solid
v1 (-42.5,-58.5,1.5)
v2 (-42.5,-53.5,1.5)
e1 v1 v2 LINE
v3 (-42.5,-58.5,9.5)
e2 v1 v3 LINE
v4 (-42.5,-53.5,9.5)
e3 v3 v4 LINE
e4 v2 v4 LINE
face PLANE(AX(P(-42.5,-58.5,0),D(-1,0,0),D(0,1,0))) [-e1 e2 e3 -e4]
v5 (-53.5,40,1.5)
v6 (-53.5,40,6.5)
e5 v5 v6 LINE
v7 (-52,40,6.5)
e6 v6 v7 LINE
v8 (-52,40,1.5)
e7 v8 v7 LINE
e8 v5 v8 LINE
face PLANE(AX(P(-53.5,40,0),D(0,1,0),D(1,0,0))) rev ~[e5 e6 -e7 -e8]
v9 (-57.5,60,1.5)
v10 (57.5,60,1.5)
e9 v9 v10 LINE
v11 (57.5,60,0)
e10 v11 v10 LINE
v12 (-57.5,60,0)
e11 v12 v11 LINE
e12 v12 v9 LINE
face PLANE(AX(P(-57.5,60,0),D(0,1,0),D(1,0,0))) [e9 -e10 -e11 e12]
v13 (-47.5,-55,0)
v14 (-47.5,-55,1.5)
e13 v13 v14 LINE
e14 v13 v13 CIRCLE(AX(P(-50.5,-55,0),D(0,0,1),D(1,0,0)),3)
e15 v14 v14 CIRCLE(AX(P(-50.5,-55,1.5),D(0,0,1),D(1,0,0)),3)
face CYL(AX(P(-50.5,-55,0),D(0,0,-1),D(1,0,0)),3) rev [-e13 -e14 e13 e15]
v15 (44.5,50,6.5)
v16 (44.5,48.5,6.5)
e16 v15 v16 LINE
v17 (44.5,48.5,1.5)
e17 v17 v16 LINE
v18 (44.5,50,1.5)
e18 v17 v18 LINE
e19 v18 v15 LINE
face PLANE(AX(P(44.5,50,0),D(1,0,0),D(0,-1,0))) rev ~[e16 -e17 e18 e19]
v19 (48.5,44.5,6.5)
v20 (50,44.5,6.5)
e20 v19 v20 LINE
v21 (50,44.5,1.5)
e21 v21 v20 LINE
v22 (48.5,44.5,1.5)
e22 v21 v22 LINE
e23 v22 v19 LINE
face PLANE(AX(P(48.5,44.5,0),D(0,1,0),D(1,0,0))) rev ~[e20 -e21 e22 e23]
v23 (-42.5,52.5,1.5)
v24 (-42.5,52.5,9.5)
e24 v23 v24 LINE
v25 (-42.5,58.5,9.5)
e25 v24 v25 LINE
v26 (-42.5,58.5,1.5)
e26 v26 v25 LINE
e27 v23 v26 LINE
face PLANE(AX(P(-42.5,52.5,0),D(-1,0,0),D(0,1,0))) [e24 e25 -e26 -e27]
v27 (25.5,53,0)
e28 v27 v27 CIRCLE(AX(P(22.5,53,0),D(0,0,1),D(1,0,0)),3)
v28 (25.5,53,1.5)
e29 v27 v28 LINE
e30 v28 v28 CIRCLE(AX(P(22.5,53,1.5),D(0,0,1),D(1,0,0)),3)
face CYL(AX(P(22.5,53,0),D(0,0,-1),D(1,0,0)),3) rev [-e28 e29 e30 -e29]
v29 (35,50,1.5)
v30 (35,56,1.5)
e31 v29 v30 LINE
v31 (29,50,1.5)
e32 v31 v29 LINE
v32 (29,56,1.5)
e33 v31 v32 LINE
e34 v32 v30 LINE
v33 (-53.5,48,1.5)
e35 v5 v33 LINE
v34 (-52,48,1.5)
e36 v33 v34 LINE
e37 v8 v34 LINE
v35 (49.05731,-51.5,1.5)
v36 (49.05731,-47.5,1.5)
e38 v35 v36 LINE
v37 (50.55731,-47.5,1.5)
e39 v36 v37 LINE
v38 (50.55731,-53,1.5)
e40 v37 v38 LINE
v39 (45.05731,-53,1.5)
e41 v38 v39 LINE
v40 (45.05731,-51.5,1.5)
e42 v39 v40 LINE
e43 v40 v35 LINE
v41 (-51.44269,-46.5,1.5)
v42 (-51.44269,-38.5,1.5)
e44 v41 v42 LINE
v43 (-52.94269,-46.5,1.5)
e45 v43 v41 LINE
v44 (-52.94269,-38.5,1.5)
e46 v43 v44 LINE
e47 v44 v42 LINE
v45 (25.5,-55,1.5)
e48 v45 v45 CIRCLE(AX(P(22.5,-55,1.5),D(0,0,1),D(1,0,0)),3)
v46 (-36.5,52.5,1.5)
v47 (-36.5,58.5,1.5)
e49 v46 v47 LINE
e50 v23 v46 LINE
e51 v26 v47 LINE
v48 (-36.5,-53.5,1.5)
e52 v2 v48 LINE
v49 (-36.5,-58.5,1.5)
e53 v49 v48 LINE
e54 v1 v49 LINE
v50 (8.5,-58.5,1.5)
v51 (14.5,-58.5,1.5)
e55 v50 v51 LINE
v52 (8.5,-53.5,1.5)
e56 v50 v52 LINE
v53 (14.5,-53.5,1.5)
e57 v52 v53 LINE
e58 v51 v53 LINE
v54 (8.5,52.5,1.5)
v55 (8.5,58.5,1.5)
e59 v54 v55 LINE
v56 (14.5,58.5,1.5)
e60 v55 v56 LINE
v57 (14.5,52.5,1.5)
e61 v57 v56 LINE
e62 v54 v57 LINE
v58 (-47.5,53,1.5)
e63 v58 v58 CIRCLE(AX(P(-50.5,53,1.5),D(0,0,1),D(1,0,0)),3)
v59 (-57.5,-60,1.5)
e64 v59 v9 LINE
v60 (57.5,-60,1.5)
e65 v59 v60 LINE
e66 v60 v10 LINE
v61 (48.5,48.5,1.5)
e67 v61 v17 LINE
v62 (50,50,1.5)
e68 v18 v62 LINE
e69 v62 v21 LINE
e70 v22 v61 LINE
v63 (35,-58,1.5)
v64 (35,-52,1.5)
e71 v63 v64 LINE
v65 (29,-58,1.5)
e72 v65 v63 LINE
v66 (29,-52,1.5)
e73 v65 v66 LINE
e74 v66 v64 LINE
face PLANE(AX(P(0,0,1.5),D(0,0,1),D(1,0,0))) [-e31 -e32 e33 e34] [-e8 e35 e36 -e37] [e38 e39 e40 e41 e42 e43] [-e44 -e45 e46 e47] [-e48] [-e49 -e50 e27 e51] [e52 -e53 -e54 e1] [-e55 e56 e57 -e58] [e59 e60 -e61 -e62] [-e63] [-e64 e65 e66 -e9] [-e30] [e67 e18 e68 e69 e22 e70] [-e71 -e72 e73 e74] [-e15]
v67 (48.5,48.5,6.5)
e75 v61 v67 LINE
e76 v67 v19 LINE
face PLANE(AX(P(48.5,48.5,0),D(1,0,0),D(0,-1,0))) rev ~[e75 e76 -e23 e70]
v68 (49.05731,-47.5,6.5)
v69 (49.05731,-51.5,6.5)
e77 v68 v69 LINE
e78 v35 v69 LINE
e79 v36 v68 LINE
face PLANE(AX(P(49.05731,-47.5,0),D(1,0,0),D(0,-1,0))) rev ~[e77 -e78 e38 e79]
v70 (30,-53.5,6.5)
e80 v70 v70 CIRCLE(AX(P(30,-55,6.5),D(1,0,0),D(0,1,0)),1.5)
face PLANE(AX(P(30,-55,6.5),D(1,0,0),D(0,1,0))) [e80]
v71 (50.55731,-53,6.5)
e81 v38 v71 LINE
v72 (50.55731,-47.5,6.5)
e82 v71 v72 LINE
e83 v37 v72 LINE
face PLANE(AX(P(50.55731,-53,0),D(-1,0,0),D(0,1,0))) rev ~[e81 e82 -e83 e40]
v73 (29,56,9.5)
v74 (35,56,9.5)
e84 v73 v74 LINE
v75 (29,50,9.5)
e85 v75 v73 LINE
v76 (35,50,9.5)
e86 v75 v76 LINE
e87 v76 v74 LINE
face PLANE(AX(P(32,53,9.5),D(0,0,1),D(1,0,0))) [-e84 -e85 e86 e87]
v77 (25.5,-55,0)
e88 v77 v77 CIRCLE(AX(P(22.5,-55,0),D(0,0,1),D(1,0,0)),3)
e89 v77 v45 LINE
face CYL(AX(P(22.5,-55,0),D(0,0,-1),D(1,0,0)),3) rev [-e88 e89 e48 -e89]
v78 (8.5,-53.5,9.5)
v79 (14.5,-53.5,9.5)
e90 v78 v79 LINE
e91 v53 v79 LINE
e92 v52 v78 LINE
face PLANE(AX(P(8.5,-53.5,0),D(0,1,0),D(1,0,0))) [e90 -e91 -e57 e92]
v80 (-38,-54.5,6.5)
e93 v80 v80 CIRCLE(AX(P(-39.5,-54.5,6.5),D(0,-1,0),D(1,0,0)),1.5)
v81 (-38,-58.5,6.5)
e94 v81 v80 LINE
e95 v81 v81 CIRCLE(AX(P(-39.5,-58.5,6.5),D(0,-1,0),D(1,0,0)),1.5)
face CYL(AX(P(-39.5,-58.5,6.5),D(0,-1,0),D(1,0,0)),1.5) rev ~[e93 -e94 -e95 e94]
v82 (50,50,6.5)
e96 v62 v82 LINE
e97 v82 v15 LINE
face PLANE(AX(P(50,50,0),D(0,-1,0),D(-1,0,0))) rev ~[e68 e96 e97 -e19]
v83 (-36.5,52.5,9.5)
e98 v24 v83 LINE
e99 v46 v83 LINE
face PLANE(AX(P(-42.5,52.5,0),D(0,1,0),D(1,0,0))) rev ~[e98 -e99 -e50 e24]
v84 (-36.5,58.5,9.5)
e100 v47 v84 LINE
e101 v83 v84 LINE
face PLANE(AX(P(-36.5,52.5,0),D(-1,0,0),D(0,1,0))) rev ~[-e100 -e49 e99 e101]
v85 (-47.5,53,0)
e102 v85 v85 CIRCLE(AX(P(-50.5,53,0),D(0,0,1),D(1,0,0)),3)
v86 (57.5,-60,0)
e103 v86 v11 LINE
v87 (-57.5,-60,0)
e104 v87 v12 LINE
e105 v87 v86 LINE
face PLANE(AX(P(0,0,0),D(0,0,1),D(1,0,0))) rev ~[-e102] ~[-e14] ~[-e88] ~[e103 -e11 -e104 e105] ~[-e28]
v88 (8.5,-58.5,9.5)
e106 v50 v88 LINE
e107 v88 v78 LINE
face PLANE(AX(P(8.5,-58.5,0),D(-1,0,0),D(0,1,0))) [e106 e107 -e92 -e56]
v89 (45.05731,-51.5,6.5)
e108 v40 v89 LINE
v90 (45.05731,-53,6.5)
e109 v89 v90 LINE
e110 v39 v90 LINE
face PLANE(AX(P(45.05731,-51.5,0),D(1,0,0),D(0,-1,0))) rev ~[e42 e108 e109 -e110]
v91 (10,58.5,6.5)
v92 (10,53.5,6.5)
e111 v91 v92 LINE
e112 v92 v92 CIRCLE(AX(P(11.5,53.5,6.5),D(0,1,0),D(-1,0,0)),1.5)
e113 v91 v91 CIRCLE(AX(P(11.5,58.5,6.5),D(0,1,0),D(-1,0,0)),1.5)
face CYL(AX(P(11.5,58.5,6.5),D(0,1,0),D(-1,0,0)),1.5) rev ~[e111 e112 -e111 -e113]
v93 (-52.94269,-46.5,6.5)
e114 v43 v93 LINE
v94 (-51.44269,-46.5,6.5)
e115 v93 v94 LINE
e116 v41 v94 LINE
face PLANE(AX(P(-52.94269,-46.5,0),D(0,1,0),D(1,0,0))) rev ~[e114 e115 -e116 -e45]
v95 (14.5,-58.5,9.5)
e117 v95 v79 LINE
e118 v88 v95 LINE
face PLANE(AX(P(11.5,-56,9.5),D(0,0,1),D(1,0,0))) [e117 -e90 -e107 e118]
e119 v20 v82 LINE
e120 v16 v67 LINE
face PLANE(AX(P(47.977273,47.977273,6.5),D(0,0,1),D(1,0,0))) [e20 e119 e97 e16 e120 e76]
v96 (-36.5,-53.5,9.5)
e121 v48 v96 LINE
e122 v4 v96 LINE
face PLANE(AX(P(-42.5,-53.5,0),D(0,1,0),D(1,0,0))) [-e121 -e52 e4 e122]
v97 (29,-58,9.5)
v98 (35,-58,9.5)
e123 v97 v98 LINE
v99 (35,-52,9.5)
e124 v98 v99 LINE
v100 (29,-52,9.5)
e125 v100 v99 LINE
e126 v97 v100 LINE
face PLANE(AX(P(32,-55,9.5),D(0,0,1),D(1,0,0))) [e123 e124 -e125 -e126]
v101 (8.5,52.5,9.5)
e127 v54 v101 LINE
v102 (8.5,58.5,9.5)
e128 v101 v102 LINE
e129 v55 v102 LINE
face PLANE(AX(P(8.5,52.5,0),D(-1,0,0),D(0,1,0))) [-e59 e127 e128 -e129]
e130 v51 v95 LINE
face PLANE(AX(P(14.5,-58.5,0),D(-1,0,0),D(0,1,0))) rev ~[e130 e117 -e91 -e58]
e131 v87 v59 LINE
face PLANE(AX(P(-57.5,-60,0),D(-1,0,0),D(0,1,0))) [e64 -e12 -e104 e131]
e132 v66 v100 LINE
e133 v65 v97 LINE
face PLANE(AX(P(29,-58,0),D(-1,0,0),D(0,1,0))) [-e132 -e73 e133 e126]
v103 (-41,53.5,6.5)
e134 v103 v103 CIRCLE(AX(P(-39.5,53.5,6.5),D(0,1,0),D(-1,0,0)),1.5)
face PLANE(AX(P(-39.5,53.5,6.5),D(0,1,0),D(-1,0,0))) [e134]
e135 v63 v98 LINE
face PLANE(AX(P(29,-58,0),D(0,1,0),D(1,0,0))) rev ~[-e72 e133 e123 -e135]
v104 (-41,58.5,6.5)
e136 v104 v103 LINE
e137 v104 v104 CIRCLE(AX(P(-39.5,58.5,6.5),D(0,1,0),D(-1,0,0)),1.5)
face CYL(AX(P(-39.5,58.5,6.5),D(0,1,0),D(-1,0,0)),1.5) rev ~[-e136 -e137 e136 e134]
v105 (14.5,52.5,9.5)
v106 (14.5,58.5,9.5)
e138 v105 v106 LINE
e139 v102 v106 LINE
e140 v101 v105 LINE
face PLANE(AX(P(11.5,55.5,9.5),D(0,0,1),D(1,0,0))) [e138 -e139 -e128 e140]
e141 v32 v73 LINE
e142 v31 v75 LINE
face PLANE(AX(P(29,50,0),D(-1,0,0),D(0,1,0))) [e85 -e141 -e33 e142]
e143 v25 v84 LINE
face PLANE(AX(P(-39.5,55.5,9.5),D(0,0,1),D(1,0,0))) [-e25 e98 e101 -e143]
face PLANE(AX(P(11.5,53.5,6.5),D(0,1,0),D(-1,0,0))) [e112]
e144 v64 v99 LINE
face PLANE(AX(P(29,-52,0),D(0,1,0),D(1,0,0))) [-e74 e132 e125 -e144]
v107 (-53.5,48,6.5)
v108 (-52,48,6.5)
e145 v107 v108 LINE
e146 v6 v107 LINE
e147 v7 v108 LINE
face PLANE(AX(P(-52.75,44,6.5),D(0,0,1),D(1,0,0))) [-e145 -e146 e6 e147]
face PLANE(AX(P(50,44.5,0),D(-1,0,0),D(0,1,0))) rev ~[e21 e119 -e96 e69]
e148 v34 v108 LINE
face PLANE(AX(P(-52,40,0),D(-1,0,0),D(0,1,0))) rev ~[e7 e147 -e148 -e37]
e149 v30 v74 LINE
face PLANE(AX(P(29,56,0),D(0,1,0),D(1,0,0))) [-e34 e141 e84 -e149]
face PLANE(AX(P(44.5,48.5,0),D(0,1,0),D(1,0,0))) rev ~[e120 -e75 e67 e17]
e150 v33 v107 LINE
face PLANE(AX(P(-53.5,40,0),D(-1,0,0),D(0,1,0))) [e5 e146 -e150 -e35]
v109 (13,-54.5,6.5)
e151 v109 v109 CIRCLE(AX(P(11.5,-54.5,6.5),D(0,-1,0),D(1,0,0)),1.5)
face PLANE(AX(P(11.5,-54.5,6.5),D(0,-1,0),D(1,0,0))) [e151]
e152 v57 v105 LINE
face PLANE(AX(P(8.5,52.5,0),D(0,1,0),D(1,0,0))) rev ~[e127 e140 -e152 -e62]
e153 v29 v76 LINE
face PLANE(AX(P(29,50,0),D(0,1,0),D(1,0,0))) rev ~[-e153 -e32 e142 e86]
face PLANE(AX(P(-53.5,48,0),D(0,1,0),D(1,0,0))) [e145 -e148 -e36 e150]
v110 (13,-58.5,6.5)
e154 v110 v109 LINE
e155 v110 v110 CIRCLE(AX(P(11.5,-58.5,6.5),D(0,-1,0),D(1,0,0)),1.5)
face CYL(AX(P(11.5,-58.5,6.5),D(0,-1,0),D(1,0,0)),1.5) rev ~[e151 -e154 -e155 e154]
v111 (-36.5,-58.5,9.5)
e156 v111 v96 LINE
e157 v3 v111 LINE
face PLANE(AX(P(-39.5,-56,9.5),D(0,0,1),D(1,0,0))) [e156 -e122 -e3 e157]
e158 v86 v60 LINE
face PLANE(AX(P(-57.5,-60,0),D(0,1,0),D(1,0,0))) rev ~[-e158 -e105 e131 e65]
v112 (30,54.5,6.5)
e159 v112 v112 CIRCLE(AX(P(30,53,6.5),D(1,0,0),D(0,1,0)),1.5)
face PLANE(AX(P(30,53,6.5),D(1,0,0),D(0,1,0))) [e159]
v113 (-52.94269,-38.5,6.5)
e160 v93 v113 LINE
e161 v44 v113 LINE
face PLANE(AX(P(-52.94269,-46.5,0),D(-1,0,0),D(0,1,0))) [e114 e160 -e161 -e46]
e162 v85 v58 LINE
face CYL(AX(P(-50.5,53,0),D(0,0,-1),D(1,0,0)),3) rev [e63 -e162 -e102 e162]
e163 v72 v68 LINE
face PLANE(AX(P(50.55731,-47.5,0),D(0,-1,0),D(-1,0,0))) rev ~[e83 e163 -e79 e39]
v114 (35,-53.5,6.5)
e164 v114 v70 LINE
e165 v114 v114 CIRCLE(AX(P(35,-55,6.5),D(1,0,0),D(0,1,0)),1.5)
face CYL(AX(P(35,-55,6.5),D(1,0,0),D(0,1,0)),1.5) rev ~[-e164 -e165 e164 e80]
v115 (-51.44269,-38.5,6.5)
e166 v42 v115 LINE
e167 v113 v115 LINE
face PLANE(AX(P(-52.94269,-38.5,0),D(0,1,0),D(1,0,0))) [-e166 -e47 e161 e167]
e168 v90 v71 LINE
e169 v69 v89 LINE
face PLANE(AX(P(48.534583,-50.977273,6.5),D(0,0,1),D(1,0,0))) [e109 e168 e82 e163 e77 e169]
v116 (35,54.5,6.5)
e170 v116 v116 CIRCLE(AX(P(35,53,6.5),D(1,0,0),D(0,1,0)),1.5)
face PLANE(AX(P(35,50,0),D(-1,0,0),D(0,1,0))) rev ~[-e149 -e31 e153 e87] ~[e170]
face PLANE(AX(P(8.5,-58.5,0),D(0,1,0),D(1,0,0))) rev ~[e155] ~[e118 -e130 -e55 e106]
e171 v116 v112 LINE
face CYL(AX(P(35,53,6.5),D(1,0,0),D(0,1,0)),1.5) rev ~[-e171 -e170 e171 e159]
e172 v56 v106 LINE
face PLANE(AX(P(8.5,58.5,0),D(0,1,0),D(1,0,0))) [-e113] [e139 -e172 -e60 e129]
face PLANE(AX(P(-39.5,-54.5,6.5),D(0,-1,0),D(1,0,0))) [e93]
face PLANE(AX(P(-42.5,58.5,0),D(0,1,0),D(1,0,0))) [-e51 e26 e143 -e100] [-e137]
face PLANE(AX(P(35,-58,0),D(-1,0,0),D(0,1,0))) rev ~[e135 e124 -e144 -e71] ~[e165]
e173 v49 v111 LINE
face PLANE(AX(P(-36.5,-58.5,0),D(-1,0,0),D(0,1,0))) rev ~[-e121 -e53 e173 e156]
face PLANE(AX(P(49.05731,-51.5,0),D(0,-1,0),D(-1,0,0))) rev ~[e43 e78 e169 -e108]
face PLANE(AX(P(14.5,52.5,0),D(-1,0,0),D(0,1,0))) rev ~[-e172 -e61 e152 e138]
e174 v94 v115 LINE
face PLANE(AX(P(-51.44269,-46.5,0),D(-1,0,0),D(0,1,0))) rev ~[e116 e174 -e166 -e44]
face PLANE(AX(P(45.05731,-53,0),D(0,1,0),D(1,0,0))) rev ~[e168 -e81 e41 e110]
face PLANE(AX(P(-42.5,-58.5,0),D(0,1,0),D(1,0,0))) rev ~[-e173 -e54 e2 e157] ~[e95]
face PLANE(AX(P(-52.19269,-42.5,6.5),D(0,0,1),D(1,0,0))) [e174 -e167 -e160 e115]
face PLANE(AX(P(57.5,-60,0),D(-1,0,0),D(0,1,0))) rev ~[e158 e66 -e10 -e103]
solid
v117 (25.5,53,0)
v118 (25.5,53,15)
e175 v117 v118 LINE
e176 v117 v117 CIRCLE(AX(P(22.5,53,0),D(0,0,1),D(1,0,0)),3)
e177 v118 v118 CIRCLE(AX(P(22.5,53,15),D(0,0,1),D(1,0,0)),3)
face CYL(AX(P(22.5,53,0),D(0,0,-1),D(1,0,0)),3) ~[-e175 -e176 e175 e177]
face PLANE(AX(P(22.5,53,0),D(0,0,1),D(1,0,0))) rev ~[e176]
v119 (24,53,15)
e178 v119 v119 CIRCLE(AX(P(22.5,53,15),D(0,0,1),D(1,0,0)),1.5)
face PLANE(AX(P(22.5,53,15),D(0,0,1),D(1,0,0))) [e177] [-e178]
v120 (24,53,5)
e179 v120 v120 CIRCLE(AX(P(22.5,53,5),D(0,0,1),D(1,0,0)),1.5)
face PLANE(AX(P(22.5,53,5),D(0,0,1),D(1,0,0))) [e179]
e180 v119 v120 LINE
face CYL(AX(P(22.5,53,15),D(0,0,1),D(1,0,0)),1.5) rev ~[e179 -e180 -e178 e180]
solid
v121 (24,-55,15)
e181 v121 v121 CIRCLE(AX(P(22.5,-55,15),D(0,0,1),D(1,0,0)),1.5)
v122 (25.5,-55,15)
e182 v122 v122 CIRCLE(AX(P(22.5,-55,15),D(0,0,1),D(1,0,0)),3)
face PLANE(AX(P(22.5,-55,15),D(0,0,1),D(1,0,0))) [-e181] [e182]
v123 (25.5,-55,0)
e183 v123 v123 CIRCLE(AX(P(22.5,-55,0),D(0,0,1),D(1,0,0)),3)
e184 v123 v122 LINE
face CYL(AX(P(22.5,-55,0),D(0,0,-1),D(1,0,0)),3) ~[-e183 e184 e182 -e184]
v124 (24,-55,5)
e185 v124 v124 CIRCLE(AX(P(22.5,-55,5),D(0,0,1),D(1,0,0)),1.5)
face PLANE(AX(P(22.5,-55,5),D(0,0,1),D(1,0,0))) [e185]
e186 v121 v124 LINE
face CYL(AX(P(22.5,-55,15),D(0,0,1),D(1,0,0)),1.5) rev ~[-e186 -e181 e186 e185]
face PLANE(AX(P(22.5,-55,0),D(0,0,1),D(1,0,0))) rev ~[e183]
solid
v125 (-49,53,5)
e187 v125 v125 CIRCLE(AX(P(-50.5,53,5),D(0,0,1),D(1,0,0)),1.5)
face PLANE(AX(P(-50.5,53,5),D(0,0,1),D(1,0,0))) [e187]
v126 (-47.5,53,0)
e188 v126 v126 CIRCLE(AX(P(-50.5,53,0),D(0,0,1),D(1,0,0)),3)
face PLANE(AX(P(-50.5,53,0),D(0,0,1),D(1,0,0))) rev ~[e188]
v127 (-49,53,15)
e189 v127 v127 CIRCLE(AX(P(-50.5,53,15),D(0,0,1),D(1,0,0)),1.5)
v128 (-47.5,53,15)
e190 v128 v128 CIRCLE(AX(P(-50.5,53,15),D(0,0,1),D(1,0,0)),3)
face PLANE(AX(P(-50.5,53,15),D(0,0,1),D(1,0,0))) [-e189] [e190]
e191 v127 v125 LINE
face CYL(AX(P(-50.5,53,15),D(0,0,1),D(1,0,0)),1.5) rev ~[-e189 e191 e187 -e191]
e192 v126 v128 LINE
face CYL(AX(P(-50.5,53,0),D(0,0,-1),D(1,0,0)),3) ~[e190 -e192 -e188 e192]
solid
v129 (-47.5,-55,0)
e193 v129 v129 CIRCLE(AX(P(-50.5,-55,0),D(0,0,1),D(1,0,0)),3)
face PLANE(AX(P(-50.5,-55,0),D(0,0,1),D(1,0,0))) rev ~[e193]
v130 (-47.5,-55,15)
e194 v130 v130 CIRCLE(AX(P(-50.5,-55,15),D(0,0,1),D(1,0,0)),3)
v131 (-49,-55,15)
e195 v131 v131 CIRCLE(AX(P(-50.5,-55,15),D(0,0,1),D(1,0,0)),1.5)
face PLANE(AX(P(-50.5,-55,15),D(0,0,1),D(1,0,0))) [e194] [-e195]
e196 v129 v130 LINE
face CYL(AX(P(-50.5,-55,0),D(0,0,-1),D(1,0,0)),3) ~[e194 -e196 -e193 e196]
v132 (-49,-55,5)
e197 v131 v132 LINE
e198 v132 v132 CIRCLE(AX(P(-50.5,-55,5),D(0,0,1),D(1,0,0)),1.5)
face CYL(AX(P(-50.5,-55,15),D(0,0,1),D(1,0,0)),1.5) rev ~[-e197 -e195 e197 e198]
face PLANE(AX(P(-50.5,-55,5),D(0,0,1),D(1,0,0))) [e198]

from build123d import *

# Parameters (mm, degrees)
F0_W      = 115
F0_H      = 120
F0_R      = 3
F0_W_2    = 6
F0_H_2    = 5
F0_W_3    = 1.5
F0_H_3    = 8
F0_H_4    = 6
F1_DEPTH  = 1.5
F2_DEPTH  = 15
F3_R      = 1.5
F4_DEPTH  = 10
F5_R      = 1.5
F6_DEPTH  = 10
F7_R      = 1.5
F8_DEPTH  = 10
F9_R      = 1.5
F10_DEPTH = 10
F11_DEPTH = 9.5
F12_R     = 1.5
F13_DEPTH = 4
F14_R     = 1.5
F15_DEPTH = 4
F16_R     = 1.5
F17_DEPTH = 5
F18_R     = 1.5
F19_DEPTH = 5
F20_R     = 1.5
F21_DEPTH = 5
F22_R     = 1.5
F23_DEPTH = 5
F24_DEPTH = 6.5
F25_DEPTH = 6.5
F26_DEPTH = 6.5
F27_DEPTH = 6.5


with BuildPart() as f1:
    # F0 (on Top) → F1 (new body)
    with BuildSketch(Plane.XY):
        Rectangle(F0_W, F0_H)
        with Locations((-50.5, -55)):
            Circle(F0_R, mode=Mode.SUBTRACT)
        with Locations((-39.5, -56)):
            Rectangle(F0_W_2, F0_H_2, mode=Mode.SUBTRACT)
        with Locations((-52.19269, -42.5)):
            Rectangle(F0_W_3, F0_H_3, mode=Mode.SUBTRACT)
        with Locations((11.5, -56)):
            Rectangle(F0_W_2, F0_H_2, mode=Mode.SUBTRACT)
        with Locations((22.5, -55)):
            Circle(F0_R, mode=Mode.SUBTRACT)
        with Locations((32, -55)):
            Rectangle(F0_W_2, F0_H_4, mode=Mode.SUBTRACT)
        Polygon((50.55731, -53), (45.05731, -53), (45.05731, -51.5), (49.05731, -51.5), (49.05731, -47.5), (50.55731, -47.5), align=None, mode=Mode.SUBTRACT)
        with Locations((-52.75, 44)):
            Rectangle(F0_W_3, F0_H_3, mode=Mode.SUBTRACT)
        with Locations((-50.5, 53)):
            Circle(F0_R, mode=Mode.SUBTRACT)
        with Locations((-39.5, 55.5)):
            Rectangle(F0_W_2, F0_H_4, mode=Mode.SUBTRACT)
        with Locations((11.5, 55.5)):
            Rectangle(F0_W_2, F0_H_4, mode=Mode.SUBTRACT)
        with Locations((22.5, 53)):
            Circle(F0_R, mode=Mode.SUBTRACT)
        with Locations((32, 53)):
            Rectangle(F0_W_2, F0_H_4, mode=Mode.SUBTRACT)
        Polygon((44.5, 48.5), (44.5, 50), (50, 50), (50, 44.5), (48.5, 44.5), (48.5, 48.5), align=None, mode=Mode.SUBTRACT)
    extrude(amount=F1_DEPTH)

    # F0 (on Top) → F11 (join)
    with BuildSketch(Plane.XY):
        with Locations((-39.5, 55.5)):
            Rectangle(F0_W_2, F0_H_4)
        with Locations((11.5, 55.5)):
            Rectangle(F0_W_2, F0_H_4)
        with Locations((32, 53)):
            Rectangle(F0_W_2, F0_H_4)
        with Locations((32, -55)):
            Rectangle(F0_W_2, F0_H_4)
        with Locations((11.5, -56)):
            Rectangle(F0_W_2, F0_H_2)
        with Locations((-39.5, -56)):
            Rectangle(F0_W_2, F0_H_2)
    extrude(amount=F11_DEPTH)

    # F12 (on face) → F13 (cut)
    with BuildSketch(Plane.XZ.offset(58.5)):
        with Locations((-39.5, 6.5)):
            Circle(F12_R)
    extrude(amount=-F13_DEPTH, mode=Mode.SUBTRACT)

    # F14 (on face) → F15 (cut)
    with BuildSketch(Plane.XZ.offset(58.5)):
        with Locations((11.5, 6.5)):
            Circle(F14_R)
    extrude(amount=-F15_DEPTH, mode=Mode.SUBTRACT)

    # F16 (on face) → F17 (cut)
    with BuildSketch(Plane.YZ.offset(35)):
        with Locations((-55, 6.5)):
            Circle(F16_R)
    extrude(amount=-F17_DEPTH, mode=Mode.SUBTRACT)

    # F18 (on face) → F19 (cut)
    with BuildSketch(Plane.YZ.offset(35)):
        with Locations((53, 6.5)):
            Circle(F18_R)
    extrude(amount=-F19_DEPTH, mode=Mode.SUBTRACT)

    # F20 (on face) → F21 (cut)
    with BuildSketch(Plane(origin=(0, 58.5, 0), x_dir=(-1, 0, 0), z_dir=(0, 1, 0))):
        with Locations((-11.5, 6.5)):
            Circle(F20_R)
    extrude(amount=-F21_DEPTH, mode=Mode.SUBTRACT)

    # F22 (on face) → F23 (cut)
    with BuildSketch(Plane(origin=(0, 58.5, 0), x_dir=(-1, 0, 0), z_dir=(0, 1, 0))):
        with Locations((39.5, 6.5)):
            Circle(F22_R)
    extrude(amount=-F23_DEPTH, mode=Mode.SUBTRACT)

    # F0 (on Top) → F24 (join)
    with BuildSketch(Plane.XY):
        Polygon((50, 50), (44.5, 50), (44.5, 48.5), (48.5, 48.5), (48.5, 44.5), (50, 44.5), align=None)
    extrude(amount=F24_DEPTH)

    # F0 (on Top) → F25 (join)
    with BuildSketch(Plane.XY):
        Polygon((45.05731, -51.5), (45.05731, -53), (50.55731, -53), (50.55731, -47.5), (49.05731, -47.5), (49.05731, -51.5), align=None)
    extrude(amount=F25_DEPTH)

    # F0 (on Top) → F26 (join)
    with BuildSketch(Plane.XY):
        with Locations((-52.75, 44)):
            Rectangle(F0_W_3, F0_H_3)
    extrude(amount=F26_DEPTH)

    # F0 (on Top) → F27 (join)
    with BuildSketch(Plane.XY):
        with Locations((-52.19269, -42.5)):
            Rectangle(F0_W_3, F0_H_3)
    extrude(amount=F27_DEPTH)


with BuildPart() as f2:
    # F0 (on Top) → F2 (new body)
    with BuildSketch(Plane.XY):
        with Locations((-50.5, 53)):
            Circle(F0_R)
        with Locations((22.5, 53)):
            Circle(F0_R)
        with Locations((-50.5, -55)):
            Circle(F0_R)
        with Locations((22.5, -55)):
            Circle(F0_R)
    extrude(amount=F2_DEPTH)

    # F3 (on face) → F4 (cut)
    with BuildSketch(Plane.XY.offset(15)):
        with Locations((22.5, -55)):
            Circle(F3_R)
    extrude(amount=-F4_DEPTH, mode=Mode.SUBTRACT)

    # F5 (on face) → F6 (cut)
    with BuildSketch(Plane.XY.offset(15)):
        with Locations((-50.5, -55)):
            Circle(F5_R)
    extrude(amount=-F6_DEPTH, mode=Mode.SUBTRACT)

    # F7 (on face) → F8 (cut)
    with BuildSketch(Plane.XY.offset(15)):
        with Locations((-50.5, 53)):
            Circle(F7_R)
    extrude(amount=-F8_DEPTH, mode=Mode.SUBTRACT)

    # F9 (on face) → F10 (cut)
    with BuildSketch(Plane.XY.offset(15)):
        with Locations((22.5, 53)):
            Circle(F9_R)
    extrude(amount=-F10_DEPTH, mode=Mode.SUBTRACT)


solid = Compound([f1.part, f2.part])
